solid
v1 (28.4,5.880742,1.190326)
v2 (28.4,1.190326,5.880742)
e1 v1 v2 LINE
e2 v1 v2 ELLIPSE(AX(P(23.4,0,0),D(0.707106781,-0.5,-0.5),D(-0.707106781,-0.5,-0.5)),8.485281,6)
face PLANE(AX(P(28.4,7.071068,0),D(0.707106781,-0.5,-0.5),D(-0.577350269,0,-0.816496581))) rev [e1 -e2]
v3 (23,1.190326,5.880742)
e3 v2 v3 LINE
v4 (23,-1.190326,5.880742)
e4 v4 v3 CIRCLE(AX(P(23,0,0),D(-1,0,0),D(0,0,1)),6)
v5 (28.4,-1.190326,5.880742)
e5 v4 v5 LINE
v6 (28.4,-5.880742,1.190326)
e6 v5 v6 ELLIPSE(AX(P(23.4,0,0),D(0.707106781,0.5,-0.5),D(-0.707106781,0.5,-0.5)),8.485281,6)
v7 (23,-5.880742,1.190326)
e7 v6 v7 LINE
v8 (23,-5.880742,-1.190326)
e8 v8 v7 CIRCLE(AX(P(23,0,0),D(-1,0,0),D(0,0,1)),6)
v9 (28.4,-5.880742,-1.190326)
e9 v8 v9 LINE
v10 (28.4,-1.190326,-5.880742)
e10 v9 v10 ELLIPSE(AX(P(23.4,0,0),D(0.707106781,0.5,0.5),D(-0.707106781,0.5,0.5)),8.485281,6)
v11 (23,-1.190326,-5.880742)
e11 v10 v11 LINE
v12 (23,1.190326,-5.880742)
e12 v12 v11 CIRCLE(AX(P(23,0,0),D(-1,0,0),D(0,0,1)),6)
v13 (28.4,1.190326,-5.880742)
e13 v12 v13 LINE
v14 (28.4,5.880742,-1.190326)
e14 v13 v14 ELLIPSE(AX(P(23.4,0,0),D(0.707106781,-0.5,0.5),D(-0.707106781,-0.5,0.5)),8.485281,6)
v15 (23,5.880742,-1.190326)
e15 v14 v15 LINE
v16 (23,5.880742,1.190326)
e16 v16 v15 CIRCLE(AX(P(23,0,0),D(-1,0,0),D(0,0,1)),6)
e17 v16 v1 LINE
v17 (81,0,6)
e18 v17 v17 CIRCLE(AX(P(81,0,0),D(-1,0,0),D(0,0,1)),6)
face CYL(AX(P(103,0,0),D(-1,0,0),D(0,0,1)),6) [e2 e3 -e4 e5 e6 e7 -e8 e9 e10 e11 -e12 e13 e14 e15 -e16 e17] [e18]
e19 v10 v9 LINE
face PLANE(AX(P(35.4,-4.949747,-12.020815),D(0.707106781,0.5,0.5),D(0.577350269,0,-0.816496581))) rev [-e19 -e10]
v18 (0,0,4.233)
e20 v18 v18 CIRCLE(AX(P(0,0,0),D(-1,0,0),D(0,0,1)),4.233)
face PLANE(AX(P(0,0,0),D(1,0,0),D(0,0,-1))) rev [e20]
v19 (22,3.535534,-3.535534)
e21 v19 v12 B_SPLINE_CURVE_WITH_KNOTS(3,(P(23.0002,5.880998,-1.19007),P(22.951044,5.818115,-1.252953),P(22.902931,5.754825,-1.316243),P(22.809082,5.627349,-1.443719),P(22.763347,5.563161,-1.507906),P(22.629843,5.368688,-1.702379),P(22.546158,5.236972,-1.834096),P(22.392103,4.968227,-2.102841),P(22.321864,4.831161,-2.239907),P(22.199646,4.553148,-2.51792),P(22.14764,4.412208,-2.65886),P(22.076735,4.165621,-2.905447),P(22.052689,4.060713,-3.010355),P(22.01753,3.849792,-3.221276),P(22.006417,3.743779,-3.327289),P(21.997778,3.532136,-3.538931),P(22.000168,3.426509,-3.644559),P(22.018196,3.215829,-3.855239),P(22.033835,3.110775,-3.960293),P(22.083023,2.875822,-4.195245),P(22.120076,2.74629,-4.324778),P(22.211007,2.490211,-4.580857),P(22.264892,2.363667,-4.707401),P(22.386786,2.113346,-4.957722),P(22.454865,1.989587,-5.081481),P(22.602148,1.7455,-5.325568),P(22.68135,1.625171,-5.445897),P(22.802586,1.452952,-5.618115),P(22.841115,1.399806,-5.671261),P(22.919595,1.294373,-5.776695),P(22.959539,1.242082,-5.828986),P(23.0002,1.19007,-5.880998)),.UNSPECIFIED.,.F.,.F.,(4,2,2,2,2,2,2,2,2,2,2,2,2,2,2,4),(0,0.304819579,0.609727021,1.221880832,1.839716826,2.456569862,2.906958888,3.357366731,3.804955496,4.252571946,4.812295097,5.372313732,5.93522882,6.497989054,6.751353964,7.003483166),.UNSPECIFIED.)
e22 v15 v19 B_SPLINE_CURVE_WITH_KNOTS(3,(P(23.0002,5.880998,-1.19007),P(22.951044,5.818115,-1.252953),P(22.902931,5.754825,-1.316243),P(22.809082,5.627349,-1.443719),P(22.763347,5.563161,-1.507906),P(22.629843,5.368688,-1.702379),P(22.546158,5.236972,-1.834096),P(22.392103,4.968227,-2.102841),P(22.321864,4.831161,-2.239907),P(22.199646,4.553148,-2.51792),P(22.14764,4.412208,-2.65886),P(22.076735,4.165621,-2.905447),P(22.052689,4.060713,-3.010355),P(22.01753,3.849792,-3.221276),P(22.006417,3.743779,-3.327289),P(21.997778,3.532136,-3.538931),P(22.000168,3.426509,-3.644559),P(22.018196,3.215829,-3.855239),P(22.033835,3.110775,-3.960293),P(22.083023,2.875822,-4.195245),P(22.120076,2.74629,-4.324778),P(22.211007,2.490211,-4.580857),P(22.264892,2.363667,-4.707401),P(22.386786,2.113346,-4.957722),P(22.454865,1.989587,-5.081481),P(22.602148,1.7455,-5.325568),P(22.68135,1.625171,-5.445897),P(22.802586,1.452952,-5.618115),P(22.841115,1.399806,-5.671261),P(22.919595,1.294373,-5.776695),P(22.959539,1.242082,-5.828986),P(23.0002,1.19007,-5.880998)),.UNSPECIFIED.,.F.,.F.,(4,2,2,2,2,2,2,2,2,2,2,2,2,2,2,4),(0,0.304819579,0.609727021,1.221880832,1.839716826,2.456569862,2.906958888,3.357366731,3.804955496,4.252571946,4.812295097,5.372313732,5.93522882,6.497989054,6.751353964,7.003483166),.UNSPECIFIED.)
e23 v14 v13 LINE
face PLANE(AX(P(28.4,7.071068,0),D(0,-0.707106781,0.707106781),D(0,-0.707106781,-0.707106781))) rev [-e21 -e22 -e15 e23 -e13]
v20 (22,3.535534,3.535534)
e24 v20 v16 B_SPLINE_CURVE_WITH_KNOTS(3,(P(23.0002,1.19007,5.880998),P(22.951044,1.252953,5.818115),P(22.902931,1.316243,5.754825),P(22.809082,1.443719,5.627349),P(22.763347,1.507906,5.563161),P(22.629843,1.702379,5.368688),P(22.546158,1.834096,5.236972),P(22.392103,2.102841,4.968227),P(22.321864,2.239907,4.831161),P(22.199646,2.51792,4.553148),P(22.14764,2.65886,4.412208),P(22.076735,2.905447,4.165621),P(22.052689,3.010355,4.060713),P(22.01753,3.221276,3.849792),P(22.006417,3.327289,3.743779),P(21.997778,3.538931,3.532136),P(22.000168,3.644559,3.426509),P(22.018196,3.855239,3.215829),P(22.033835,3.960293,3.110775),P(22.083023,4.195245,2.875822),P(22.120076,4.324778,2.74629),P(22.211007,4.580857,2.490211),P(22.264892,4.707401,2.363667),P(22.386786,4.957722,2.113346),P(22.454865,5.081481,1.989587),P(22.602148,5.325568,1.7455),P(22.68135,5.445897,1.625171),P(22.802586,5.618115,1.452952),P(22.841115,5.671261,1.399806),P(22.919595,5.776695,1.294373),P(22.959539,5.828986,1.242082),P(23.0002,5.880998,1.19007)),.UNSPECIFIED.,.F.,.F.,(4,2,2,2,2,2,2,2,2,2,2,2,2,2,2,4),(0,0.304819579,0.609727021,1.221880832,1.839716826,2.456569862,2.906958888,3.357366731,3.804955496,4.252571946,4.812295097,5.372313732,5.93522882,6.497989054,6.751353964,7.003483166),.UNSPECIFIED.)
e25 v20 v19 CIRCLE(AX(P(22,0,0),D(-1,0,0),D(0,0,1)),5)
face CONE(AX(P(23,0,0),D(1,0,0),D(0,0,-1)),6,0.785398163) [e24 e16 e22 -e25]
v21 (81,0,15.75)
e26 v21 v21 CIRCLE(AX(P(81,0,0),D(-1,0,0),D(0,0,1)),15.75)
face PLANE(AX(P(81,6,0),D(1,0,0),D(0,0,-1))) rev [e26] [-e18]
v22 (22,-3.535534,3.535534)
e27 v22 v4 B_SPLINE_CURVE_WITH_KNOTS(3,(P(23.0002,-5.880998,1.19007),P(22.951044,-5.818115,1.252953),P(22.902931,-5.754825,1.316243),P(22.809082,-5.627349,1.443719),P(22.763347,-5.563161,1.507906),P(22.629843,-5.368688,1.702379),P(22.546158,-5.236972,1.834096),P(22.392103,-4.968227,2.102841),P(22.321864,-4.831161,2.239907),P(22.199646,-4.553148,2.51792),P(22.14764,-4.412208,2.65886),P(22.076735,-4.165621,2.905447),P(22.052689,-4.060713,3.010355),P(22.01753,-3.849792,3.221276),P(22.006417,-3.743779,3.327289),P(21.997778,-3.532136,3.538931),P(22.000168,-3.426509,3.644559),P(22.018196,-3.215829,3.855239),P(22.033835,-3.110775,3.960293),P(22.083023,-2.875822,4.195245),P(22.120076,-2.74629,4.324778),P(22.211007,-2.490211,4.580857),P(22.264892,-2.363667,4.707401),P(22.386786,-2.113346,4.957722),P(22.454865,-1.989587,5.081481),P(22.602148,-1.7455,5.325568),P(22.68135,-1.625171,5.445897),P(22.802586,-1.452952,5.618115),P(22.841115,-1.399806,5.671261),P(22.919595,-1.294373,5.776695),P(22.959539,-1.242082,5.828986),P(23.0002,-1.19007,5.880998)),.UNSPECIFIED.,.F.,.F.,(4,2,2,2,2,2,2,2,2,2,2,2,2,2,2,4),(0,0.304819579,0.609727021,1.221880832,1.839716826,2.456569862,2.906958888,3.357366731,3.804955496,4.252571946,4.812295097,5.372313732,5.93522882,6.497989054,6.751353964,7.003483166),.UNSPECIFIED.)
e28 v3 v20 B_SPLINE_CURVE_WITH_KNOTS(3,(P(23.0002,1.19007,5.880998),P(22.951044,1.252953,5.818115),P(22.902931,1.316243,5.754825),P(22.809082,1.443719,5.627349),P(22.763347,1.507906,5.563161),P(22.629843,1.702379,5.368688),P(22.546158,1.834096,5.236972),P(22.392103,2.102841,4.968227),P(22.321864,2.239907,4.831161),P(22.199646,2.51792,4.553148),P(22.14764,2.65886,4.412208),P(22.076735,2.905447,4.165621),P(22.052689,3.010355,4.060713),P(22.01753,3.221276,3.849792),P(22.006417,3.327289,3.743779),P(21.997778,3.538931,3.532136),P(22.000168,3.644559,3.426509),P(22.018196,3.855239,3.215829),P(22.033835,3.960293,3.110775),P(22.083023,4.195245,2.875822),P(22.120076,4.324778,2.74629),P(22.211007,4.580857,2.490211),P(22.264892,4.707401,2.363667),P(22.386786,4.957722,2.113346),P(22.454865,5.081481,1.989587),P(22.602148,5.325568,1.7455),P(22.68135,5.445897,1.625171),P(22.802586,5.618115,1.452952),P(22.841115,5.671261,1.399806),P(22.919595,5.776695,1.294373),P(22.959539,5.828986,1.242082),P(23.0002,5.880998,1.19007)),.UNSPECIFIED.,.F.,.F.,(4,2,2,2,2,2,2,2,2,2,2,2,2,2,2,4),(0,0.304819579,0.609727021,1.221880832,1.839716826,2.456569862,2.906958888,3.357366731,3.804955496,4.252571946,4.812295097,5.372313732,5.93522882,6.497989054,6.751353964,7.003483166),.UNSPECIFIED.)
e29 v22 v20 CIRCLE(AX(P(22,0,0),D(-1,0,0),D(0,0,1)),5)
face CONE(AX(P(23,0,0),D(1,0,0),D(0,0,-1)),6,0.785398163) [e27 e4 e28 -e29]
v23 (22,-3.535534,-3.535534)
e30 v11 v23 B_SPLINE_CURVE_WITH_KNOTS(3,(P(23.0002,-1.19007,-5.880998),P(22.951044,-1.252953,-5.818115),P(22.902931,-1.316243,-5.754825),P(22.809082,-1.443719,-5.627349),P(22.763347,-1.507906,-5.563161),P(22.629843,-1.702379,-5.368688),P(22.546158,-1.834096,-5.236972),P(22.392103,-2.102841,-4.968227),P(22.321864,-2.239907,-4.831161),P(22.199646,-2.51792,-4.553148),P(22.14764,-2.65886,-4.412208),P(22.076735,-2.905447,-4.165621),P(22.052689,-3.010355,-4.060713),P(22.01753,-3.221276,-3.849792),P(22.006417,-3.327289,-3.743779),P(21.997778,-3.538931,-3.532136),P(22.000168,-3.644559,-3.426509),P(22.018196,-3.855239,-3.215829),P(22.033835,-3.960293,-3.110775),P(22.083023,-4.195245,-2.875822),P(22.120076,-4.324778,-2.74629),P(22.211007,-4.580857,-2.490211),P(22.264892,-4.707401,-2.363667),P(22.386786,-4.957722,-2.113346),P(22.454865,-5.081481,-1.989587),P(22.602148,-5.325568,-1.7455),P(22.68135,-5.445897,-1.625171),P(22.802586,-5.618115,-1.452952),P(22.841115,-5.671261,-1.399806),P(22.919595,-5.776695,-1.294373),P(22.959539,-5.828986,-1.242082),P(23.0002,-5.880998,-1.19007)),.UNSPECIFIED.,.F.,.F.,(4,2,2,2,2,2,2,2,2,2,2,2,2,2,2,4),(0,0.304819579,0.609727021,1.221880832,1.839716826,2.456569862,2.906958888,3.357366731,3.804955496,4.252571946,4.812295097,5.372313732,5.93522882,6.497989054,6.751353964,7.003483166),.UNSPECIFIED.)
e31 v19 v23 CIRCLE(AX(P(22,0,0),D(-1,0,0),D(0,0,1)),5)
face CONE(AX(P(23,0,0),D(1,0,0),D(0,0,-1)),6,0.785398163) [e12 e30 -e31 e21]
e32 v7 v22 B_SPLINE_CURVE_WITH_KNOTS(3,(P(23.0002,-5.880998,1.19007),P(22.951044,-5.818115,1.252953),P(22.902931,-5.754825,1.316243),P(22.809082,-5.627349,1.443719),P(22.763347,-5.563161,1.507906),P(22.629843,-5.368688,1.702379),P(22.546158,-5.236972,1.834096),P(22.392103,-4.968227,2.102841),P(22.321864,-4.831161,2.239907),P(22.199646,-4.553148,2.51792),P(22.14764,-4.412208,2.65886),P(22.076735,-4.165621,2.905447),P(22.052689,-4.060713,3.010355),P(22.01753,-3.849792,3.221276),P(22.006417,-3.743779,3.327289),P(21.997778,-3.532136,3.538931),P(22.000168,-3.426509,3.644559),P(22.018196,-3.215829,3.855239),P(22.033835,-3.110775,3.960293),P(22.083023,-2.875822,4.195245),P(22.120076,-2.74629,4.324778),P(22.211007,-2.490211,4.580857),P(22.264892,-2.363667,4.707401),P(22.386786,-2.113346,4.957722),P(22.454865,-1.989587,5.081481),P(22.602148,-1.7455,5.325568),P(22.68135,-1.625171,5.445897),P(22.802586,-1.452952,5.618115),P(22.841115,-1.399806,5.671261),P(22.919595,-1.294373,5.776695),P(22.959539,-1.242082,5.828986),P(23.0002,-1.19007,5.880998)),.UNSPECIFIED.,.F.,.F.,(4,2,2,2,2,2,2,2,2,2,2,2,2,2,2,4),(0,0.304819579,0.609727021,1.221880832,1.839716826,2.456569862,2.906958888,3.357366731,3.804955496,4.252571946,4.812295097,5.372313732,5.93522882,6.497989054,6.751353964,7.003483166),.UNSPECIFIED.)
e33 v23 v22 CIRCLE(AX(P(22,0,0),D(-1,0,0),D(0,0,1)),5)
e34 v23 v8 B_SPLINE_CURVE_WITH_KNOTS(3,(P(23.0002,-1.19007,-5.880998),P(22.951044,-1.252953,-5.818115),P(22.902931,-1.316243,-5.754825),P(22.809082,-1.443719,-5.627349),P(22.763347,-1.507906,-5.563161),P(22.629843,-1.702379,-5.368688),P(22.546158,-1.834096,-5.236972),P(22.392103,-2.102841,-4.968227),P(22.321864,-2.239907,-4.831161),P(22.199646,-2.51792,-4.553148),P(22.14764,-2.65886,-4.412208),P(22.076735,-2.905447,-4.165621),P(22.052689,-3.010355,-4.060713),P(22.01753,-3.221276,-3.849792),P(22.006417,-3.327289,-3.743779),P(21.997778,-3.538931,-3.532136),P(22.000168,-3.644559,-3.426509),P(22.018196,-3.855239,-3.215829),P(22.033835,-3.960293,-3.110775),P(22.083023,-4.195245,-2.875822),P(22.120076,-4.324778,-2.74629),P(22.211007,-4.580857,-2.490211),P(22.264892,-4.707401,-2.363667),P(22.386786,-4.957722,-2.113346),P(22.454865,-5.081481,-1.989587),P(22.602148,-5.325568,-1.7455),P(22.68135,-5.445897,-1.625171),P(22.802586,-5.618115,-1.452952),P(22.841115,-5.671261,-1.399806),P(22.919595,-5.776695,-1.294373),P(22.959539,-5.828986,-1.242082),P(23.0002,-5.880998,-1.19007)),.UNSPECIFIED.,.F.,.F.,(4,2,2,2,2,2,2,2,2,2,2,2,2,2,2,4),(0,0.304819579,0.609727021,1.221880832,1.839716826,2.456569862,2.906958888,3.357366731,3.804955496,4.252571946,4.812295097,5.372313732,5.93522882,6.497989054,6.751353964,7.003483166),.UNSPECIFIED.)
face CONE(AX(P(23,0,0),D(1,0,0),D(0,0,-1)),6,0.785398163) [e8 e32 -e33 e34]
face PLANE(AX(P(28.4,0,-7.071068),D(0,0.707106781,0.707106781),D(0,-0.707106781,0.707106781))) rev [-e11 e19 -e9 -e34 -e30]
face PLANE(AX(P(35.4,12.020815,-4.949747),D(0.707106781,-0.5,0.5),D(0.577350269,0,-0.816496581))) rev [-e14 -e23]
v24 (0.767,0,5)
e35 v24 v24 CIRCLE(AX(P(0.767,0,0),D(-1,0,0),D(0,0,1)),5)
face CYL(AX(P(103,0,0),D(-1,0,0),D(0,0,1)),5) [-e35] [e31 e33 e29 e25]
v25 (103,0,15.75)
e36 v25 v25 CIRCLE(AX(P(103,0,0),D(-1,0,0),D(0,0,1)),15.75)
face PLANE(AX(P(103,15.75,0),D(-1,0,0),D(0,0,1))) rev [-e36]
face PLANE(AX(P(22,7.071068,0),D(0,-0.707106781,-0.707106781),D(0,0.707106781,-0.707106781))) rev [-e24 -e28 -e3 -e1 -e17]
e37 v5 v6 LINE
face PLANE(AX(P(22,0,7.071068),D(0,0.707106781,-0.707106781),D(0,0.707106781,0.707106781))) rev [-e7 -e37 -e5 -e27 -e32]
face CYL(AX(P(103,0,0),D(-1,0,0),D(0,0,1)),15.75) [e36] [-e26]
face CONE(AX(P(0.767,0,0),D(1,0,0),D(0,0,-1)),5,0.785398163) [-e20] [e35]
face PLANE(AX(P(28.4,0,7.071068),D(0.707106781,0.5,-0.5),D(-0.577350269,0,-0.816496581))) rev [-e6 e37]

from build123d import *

# Parameters (mm, degrees)
CUT_EXTRUDE_1_DEPTH      = 5
CUT_EXTRUDE_1_DEPTH_BACK = 5
CUT_EXTRUDE_2_DEPTH      = 5
CUT_EXTRUDE_2_DEPTH_BACK = 5


with BuildPart() as part:
    # 草图1 → 旋转1 (revolve)
    with BuildSketch(Plane.XY):
        Polygon((0, 0), (0, 4.233), (0.767, 5), (22, 5), (23, 6), (81, 6), (81, 15.75), (103, 15.75), (103, 0), align=None)
    revolve(axis=Axis((103, 0, 0), (-1, 0, 0)))

    # 草图2 → 切除-拉伸1 (cut, two sides: drawn at the far end of the back side and taken through both)
    with BuildSketch(Plane(origin=(0, 0, 0), x_dir=(1, 0, 0), z_dir=(0, -0.7071067811865477, 0.7071067811865475)).offset(-CUT_EXTRUDE_1_DEPTH_BACK)):
        Polygon((-5, -12), (35.4, -12), (28.4, -5), (22, -5), (19.8, -7.2), (19.8, -10), (-3, -10), (-3, 10), (19.8, 10), (19.8, 7.2), (22, 5), (28.4, 5), (35.4, 12), (-5, 12), align=None)
    extrude(amount=CUT_EXTRUDE_1_DEPTH + CUT_EXTRUDE_1_DEPTH_BACK, mode=Mode.SUBTRACT)

    # 草图3 → 切除-拉伸2 (cut, two sides: drawn at the far end of the back side and taken through both)
    with BuildSketch(Plane(origin=(0, 0, 0), x_dir=(-1, 0, 0), z_dir=(0, -0.7071067811865477, -0.7071067811865475)).offset(-CUT_EXTRUDE_2_DEPTH_BACK)):
        Polygon((5, 12), (-35.4, 12), (-28.4, 5), (-22, 5), (-19.8, 7.2), (-19.8, 10), (3, 10), (3, -10), (-19.8, -10), (-19.8, -7.2), (-22, -5), (-28.4, -5), (-35.4, -12), (5, -12), align=None)
    extrude(amount=CUT_EXTRUDE_2_DEPTH + CUT_EXTRUDE_2_DEPTH_BACK, mode=Mode.SUBTRACT)


solid = part.part
